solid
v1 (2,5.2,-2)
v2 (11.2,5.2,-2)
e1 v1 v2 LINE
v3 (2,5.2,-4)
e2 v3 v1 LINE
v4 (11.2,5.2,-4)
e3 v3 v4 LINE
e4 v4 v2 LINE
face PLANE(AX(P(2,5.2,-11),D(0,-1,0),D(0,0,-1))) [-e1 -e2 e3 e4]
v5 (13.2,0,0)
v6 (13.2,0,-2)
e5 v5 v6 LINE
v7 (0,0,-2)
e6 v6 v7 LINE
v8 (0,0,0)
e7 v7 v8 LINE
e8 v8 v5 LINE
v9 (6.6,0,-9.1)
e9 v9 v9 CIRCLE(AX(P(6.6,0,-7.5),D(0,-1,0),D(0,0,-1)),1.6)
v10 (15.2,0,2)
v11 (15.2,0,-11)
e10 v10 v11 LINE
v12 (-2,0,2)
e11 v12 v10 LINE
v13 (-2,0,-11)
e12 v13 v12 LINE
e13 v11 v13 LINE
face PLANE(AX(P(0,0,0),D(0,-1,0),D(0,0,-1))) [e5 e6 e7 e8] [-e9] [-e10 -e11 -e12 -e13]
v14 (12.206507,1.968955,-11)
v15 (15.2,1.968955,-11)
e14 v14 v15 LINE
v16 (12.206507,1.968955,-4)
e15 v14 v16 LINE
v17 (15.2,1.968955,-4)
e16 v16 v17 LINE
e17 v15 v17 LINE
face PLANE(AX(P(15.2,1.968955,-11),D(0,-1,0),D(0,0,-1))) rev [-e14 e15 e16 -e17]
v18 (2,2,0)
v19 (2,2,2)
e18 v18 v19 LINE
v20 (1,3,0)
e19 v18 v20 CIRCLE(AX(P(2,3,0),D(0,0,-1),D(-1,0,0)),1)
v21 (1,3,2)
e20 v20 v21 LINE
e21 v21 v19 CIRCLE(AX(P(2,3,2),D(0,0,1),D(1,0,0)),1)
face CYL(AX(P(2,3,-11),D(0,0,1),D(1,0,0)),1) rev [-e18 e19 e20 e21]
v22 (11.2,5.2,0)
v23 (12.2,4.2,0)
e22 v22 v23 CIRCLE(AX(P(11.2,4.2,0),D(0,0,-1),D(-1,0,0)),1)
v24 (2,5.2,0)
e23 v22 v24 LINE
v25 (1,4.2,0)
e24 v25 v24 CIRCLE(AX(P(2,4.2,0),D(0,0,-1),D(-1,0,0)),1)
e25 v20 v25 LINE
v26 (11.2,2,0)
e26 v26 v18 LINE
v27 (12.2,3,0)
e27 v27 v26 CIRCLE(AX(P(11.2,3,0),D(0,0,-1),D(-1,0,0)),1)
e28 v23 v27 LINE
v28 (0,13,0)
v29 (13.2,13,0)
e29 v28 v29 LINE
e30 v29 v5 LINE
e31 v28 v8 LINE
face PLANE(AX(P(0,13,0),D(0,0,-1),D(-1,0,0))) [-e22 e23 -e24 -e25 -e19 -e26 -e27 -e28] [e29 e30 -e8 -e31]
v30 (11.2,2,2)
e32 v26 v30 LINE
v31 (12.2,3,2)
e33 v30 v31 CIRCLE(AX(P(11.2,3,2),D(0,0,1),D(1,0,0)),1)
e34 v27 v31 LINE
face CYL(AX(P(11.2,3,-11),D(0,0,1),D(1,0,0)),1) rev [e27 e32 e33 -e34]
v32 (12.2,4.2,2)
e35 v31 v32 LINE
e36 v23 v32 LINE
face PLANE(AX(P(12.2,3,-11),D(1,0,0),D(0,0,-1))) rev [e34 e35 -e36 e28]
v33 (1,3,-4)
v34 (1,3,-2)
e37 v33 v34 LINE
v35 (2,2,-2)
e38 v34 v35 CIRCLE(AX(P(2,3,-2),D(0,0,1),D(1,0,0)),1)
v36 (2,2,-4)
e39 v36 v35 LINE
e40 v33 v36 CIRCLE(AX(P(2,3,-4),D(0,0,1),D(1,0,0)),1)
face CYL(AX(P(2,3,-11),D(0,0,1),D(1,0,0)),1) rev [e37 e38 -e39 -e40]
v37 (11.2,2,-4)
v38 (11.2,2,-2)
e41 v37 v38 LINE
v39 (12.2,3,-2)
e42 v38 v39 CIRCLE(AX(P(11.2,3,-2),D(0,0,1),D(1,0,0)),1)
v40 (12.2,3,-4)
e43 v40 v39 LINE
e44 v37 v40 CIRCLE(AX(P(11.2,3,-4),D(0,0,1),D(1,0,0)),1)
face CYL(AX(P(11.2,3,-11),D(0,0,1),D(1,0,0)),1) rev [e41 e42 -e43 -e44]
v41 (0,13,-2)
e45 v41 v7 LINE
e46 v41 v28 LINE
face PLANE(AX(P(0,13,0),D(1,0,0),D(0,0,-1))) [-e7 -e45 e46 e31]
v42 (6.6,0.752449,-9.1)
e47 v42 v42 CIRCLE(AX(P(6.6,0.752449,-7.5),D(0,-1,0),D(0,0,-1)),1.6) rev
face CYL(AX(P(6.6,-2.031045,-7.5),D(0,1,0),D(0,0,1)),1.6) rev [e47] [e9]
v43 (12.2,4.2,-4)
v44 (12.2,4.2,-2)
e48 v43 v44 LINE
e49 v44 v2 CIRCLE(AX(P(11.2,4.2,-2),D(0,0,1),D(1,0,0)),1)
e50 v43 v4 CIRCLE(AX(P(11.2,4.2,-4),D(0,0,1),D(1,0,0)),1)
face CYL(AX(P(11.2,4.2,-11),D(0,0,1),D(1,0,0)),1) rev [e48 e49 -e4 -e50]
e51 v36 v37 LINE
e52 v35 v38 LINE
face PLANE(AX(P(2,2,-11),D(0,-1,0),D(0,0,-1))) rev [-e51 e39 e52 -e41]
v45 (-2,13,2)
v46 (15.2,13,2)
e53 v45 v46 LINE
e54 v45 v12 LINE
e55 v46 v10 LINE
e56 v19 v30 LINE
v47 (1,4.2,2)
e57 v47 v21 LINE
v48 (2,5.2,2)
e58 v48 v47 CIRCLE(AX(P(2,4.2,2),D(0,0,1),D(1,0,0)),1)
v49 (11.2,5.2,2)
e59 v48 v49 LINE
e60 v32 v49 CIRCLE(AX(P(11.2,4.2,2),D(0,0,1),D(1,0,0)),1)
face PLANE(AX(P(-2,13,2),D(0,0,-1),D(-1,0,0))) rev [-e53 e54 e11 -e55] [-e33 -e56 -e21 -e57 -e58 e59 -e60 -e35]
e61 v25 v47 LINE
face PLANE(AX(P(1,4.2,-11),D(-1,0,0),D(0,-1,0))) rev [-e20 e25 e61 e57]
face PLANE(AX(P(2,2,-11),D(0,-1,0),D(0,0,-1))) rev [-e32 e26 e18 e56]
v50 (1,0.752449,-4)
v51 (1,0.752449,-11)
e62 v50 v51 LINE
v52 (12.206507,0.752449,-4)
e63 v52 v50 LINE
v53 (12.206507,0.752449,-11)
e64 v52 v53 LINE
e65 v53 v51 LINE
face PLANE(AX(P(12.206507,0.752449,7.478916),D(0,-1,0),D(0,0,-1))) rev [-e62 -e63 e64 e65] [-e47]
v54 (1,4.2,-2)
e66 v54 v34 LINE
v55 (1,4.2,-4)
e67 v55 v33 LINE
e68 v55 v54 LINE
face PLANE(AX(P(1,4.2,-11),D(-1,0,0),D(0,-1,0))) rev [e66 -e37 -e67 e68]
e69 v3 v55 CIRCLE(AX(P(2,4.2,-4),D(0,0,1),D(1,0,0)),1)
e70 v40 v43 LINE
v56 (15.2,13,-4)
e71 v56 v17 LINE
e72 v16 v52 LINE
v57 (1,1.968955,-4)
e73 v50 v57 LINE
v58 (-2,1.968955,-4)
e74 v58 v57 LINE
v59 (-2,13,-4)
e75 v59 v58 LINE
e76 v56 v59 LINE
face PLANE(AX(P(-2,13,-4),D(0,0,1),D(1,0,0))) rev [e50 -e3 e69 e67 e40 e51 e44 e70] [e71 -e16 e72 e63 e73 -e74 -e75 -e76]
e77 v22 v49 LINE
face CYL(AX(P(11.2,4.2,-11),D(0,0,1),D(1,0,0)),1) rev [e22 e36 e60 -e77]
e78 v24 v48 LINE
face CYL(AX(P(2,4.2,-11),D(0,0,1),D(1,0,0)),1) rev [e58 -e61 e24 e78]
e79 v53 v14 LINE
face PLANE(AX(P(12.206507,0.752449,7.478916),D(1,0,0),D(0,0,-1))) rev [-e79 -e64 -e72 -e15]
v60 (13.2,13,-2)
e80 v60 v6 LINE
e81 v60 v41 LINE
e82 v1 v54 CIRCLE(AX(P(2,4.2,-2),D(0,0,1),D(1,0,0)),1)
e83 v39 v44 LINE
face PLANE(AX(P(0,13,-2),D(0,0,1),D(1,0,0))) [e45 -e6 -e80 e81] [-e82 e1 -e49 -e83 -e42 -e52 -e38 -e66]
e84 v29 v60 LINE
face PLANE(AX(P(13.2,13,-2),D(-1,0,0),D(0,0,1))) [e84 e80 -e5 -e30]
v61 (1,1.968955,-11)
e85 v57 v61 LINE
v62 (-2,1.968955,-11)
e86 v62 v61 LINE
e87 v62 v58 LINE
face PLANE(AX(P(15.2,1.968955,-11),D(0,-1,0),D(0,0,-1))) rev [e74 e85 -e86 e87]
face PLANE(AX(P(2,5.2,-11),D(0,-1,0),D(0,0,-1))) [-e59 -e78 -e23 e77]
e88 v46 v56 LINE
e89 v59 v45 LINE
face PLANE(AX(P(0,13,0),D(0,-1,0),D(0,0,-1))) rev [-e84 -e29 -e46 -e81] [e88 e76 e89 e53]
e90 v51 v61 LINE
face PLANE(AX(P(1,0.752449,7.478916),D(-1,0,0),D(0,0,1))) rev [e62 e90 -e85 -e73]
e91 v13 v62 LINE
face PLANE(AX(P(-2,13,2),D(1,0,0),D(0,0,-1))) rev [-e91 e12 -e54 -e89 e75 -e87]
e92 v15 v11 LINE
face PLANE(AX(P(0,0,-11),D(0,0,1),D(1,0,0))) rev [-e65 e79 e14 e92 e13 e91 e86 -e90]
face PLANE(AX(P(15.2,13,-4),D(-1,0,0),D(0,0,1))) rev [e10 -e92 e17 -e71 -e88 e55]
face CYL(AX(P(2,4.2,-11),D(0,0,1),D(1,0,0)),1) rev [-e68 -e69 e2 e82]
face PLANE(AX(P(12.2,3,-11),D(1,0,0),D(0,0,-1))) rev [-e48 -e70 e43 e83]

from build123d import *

# Parameters (mm, degrees)
SKETCH1_W           = 17.2
SKETCH1_H           = 6
SKETCH1_W_2         = 13.2
SKETCH1_H_2         = 2
BOSS_EXTRUDE1_DEPTH = 13
CUT_EXTRUDE1_DEPTH  = 13
SKETCH4_W           = 17.2
SKETCH4_H           = 1.968955047
BOSS_EXTRUDE2_DEPTH = 7
SKETCH5_R           = 1.6
CUT_EXTRUDE2_DEPTH  = 4
SKETCH6_W           = 11.206506984
SKETCH6_H           = 2.48590404
CUT_EXTRUDE3_DEPTH  = 7


with BuildPart() as part:
    # Sketch1 → Boss-Extrude1 (new body)
    with BuildSketch(Plane(origin=(0, 0, 0), x_dir=(1, 0, 0), z_dir=(0, 1, 0))):
        with Locations((6.6, 1)):
            Rectangle(SKETCH1_W, SKETCH1_H)
        with Locations((6.6, 1)):
            Rectangle(SKETCH1_W_2, SKETCH1_H_2, mode=Mode.SUBTRACT)
    extrude(amount=BOSS_EXTRUDE1_DEPTH)

    # Sketch2 → Cut-Extrude1 (cut)
    with BuildSketch(Plane.XY.offset(2)):
        with BuildLine():
            Line((2, 5.2), (11.2, 5.2))
            ThreePointArc((11.2, 5.2), (11.907106781, 4.907106781), (12.2, 4.2))
            Line((12.2, 4.2), (12.2, 3))
            ThreePointArc((12.2, 3), (11.907106781, 2.292893219), (11.2, 2))
            Line((11.2, 2), (2, 2))
            ThreePointArc((2, 2), (1.292893219, 2.292893219), (1, 3))
            Line((1, 3), (1, 4.2))
            ThreePointArc((1, 4.2), (1.292893219, 4.907106781), (2, 5.2))
        make_face()
    extrude(amount=-CUT_EXTRUDE1_DEPTH, mode=Mode.SUBTRACT)

    # Sketch4 → Boss-Extrude2 (add)
    with BuildSketch(Plane(origin=(0, 0, -4), x_dir=(-1, 0, 0), z_dir=(0, 0, -1))):
        with Locations((-6.6, 0.984477524)):
            Rectangle(SKETCH4_W, SKETCH4_H)
    extrude(amount=BOSS_EXTRUDE2_DEPTH)

    # Sketch5 → Cut-Extrude2 (cut)
    with BuildSketch(Plane(origin=(0, 1.968955047, 0), x_dir=(1, 0, 0), z_dir=(0, 1, 0))):
        with Locations((6.6, 7.5)):
            Circle(SKETCH5_R)
    extrude(amount=-CUT_EXTRUDE2_DEPTH, mode=Mode.SUBTRACT)

    # Sketch6 → Cut-Extrude3 (cut)
    with BuildSketch(Plane(origin=(0, 0, -11), x_dir=(-1, 0, 0), z_dir=(0, 0, -1))):
        with Locations((-6.603253492, 1.995400835)):
            Rectangle(SKETCH6_W, SKETCH6_H)
    extrude(amount=-CUT_EXTRUDE3_DEPTH, mode=Mode.SUBTRACT)


solid = part.part
